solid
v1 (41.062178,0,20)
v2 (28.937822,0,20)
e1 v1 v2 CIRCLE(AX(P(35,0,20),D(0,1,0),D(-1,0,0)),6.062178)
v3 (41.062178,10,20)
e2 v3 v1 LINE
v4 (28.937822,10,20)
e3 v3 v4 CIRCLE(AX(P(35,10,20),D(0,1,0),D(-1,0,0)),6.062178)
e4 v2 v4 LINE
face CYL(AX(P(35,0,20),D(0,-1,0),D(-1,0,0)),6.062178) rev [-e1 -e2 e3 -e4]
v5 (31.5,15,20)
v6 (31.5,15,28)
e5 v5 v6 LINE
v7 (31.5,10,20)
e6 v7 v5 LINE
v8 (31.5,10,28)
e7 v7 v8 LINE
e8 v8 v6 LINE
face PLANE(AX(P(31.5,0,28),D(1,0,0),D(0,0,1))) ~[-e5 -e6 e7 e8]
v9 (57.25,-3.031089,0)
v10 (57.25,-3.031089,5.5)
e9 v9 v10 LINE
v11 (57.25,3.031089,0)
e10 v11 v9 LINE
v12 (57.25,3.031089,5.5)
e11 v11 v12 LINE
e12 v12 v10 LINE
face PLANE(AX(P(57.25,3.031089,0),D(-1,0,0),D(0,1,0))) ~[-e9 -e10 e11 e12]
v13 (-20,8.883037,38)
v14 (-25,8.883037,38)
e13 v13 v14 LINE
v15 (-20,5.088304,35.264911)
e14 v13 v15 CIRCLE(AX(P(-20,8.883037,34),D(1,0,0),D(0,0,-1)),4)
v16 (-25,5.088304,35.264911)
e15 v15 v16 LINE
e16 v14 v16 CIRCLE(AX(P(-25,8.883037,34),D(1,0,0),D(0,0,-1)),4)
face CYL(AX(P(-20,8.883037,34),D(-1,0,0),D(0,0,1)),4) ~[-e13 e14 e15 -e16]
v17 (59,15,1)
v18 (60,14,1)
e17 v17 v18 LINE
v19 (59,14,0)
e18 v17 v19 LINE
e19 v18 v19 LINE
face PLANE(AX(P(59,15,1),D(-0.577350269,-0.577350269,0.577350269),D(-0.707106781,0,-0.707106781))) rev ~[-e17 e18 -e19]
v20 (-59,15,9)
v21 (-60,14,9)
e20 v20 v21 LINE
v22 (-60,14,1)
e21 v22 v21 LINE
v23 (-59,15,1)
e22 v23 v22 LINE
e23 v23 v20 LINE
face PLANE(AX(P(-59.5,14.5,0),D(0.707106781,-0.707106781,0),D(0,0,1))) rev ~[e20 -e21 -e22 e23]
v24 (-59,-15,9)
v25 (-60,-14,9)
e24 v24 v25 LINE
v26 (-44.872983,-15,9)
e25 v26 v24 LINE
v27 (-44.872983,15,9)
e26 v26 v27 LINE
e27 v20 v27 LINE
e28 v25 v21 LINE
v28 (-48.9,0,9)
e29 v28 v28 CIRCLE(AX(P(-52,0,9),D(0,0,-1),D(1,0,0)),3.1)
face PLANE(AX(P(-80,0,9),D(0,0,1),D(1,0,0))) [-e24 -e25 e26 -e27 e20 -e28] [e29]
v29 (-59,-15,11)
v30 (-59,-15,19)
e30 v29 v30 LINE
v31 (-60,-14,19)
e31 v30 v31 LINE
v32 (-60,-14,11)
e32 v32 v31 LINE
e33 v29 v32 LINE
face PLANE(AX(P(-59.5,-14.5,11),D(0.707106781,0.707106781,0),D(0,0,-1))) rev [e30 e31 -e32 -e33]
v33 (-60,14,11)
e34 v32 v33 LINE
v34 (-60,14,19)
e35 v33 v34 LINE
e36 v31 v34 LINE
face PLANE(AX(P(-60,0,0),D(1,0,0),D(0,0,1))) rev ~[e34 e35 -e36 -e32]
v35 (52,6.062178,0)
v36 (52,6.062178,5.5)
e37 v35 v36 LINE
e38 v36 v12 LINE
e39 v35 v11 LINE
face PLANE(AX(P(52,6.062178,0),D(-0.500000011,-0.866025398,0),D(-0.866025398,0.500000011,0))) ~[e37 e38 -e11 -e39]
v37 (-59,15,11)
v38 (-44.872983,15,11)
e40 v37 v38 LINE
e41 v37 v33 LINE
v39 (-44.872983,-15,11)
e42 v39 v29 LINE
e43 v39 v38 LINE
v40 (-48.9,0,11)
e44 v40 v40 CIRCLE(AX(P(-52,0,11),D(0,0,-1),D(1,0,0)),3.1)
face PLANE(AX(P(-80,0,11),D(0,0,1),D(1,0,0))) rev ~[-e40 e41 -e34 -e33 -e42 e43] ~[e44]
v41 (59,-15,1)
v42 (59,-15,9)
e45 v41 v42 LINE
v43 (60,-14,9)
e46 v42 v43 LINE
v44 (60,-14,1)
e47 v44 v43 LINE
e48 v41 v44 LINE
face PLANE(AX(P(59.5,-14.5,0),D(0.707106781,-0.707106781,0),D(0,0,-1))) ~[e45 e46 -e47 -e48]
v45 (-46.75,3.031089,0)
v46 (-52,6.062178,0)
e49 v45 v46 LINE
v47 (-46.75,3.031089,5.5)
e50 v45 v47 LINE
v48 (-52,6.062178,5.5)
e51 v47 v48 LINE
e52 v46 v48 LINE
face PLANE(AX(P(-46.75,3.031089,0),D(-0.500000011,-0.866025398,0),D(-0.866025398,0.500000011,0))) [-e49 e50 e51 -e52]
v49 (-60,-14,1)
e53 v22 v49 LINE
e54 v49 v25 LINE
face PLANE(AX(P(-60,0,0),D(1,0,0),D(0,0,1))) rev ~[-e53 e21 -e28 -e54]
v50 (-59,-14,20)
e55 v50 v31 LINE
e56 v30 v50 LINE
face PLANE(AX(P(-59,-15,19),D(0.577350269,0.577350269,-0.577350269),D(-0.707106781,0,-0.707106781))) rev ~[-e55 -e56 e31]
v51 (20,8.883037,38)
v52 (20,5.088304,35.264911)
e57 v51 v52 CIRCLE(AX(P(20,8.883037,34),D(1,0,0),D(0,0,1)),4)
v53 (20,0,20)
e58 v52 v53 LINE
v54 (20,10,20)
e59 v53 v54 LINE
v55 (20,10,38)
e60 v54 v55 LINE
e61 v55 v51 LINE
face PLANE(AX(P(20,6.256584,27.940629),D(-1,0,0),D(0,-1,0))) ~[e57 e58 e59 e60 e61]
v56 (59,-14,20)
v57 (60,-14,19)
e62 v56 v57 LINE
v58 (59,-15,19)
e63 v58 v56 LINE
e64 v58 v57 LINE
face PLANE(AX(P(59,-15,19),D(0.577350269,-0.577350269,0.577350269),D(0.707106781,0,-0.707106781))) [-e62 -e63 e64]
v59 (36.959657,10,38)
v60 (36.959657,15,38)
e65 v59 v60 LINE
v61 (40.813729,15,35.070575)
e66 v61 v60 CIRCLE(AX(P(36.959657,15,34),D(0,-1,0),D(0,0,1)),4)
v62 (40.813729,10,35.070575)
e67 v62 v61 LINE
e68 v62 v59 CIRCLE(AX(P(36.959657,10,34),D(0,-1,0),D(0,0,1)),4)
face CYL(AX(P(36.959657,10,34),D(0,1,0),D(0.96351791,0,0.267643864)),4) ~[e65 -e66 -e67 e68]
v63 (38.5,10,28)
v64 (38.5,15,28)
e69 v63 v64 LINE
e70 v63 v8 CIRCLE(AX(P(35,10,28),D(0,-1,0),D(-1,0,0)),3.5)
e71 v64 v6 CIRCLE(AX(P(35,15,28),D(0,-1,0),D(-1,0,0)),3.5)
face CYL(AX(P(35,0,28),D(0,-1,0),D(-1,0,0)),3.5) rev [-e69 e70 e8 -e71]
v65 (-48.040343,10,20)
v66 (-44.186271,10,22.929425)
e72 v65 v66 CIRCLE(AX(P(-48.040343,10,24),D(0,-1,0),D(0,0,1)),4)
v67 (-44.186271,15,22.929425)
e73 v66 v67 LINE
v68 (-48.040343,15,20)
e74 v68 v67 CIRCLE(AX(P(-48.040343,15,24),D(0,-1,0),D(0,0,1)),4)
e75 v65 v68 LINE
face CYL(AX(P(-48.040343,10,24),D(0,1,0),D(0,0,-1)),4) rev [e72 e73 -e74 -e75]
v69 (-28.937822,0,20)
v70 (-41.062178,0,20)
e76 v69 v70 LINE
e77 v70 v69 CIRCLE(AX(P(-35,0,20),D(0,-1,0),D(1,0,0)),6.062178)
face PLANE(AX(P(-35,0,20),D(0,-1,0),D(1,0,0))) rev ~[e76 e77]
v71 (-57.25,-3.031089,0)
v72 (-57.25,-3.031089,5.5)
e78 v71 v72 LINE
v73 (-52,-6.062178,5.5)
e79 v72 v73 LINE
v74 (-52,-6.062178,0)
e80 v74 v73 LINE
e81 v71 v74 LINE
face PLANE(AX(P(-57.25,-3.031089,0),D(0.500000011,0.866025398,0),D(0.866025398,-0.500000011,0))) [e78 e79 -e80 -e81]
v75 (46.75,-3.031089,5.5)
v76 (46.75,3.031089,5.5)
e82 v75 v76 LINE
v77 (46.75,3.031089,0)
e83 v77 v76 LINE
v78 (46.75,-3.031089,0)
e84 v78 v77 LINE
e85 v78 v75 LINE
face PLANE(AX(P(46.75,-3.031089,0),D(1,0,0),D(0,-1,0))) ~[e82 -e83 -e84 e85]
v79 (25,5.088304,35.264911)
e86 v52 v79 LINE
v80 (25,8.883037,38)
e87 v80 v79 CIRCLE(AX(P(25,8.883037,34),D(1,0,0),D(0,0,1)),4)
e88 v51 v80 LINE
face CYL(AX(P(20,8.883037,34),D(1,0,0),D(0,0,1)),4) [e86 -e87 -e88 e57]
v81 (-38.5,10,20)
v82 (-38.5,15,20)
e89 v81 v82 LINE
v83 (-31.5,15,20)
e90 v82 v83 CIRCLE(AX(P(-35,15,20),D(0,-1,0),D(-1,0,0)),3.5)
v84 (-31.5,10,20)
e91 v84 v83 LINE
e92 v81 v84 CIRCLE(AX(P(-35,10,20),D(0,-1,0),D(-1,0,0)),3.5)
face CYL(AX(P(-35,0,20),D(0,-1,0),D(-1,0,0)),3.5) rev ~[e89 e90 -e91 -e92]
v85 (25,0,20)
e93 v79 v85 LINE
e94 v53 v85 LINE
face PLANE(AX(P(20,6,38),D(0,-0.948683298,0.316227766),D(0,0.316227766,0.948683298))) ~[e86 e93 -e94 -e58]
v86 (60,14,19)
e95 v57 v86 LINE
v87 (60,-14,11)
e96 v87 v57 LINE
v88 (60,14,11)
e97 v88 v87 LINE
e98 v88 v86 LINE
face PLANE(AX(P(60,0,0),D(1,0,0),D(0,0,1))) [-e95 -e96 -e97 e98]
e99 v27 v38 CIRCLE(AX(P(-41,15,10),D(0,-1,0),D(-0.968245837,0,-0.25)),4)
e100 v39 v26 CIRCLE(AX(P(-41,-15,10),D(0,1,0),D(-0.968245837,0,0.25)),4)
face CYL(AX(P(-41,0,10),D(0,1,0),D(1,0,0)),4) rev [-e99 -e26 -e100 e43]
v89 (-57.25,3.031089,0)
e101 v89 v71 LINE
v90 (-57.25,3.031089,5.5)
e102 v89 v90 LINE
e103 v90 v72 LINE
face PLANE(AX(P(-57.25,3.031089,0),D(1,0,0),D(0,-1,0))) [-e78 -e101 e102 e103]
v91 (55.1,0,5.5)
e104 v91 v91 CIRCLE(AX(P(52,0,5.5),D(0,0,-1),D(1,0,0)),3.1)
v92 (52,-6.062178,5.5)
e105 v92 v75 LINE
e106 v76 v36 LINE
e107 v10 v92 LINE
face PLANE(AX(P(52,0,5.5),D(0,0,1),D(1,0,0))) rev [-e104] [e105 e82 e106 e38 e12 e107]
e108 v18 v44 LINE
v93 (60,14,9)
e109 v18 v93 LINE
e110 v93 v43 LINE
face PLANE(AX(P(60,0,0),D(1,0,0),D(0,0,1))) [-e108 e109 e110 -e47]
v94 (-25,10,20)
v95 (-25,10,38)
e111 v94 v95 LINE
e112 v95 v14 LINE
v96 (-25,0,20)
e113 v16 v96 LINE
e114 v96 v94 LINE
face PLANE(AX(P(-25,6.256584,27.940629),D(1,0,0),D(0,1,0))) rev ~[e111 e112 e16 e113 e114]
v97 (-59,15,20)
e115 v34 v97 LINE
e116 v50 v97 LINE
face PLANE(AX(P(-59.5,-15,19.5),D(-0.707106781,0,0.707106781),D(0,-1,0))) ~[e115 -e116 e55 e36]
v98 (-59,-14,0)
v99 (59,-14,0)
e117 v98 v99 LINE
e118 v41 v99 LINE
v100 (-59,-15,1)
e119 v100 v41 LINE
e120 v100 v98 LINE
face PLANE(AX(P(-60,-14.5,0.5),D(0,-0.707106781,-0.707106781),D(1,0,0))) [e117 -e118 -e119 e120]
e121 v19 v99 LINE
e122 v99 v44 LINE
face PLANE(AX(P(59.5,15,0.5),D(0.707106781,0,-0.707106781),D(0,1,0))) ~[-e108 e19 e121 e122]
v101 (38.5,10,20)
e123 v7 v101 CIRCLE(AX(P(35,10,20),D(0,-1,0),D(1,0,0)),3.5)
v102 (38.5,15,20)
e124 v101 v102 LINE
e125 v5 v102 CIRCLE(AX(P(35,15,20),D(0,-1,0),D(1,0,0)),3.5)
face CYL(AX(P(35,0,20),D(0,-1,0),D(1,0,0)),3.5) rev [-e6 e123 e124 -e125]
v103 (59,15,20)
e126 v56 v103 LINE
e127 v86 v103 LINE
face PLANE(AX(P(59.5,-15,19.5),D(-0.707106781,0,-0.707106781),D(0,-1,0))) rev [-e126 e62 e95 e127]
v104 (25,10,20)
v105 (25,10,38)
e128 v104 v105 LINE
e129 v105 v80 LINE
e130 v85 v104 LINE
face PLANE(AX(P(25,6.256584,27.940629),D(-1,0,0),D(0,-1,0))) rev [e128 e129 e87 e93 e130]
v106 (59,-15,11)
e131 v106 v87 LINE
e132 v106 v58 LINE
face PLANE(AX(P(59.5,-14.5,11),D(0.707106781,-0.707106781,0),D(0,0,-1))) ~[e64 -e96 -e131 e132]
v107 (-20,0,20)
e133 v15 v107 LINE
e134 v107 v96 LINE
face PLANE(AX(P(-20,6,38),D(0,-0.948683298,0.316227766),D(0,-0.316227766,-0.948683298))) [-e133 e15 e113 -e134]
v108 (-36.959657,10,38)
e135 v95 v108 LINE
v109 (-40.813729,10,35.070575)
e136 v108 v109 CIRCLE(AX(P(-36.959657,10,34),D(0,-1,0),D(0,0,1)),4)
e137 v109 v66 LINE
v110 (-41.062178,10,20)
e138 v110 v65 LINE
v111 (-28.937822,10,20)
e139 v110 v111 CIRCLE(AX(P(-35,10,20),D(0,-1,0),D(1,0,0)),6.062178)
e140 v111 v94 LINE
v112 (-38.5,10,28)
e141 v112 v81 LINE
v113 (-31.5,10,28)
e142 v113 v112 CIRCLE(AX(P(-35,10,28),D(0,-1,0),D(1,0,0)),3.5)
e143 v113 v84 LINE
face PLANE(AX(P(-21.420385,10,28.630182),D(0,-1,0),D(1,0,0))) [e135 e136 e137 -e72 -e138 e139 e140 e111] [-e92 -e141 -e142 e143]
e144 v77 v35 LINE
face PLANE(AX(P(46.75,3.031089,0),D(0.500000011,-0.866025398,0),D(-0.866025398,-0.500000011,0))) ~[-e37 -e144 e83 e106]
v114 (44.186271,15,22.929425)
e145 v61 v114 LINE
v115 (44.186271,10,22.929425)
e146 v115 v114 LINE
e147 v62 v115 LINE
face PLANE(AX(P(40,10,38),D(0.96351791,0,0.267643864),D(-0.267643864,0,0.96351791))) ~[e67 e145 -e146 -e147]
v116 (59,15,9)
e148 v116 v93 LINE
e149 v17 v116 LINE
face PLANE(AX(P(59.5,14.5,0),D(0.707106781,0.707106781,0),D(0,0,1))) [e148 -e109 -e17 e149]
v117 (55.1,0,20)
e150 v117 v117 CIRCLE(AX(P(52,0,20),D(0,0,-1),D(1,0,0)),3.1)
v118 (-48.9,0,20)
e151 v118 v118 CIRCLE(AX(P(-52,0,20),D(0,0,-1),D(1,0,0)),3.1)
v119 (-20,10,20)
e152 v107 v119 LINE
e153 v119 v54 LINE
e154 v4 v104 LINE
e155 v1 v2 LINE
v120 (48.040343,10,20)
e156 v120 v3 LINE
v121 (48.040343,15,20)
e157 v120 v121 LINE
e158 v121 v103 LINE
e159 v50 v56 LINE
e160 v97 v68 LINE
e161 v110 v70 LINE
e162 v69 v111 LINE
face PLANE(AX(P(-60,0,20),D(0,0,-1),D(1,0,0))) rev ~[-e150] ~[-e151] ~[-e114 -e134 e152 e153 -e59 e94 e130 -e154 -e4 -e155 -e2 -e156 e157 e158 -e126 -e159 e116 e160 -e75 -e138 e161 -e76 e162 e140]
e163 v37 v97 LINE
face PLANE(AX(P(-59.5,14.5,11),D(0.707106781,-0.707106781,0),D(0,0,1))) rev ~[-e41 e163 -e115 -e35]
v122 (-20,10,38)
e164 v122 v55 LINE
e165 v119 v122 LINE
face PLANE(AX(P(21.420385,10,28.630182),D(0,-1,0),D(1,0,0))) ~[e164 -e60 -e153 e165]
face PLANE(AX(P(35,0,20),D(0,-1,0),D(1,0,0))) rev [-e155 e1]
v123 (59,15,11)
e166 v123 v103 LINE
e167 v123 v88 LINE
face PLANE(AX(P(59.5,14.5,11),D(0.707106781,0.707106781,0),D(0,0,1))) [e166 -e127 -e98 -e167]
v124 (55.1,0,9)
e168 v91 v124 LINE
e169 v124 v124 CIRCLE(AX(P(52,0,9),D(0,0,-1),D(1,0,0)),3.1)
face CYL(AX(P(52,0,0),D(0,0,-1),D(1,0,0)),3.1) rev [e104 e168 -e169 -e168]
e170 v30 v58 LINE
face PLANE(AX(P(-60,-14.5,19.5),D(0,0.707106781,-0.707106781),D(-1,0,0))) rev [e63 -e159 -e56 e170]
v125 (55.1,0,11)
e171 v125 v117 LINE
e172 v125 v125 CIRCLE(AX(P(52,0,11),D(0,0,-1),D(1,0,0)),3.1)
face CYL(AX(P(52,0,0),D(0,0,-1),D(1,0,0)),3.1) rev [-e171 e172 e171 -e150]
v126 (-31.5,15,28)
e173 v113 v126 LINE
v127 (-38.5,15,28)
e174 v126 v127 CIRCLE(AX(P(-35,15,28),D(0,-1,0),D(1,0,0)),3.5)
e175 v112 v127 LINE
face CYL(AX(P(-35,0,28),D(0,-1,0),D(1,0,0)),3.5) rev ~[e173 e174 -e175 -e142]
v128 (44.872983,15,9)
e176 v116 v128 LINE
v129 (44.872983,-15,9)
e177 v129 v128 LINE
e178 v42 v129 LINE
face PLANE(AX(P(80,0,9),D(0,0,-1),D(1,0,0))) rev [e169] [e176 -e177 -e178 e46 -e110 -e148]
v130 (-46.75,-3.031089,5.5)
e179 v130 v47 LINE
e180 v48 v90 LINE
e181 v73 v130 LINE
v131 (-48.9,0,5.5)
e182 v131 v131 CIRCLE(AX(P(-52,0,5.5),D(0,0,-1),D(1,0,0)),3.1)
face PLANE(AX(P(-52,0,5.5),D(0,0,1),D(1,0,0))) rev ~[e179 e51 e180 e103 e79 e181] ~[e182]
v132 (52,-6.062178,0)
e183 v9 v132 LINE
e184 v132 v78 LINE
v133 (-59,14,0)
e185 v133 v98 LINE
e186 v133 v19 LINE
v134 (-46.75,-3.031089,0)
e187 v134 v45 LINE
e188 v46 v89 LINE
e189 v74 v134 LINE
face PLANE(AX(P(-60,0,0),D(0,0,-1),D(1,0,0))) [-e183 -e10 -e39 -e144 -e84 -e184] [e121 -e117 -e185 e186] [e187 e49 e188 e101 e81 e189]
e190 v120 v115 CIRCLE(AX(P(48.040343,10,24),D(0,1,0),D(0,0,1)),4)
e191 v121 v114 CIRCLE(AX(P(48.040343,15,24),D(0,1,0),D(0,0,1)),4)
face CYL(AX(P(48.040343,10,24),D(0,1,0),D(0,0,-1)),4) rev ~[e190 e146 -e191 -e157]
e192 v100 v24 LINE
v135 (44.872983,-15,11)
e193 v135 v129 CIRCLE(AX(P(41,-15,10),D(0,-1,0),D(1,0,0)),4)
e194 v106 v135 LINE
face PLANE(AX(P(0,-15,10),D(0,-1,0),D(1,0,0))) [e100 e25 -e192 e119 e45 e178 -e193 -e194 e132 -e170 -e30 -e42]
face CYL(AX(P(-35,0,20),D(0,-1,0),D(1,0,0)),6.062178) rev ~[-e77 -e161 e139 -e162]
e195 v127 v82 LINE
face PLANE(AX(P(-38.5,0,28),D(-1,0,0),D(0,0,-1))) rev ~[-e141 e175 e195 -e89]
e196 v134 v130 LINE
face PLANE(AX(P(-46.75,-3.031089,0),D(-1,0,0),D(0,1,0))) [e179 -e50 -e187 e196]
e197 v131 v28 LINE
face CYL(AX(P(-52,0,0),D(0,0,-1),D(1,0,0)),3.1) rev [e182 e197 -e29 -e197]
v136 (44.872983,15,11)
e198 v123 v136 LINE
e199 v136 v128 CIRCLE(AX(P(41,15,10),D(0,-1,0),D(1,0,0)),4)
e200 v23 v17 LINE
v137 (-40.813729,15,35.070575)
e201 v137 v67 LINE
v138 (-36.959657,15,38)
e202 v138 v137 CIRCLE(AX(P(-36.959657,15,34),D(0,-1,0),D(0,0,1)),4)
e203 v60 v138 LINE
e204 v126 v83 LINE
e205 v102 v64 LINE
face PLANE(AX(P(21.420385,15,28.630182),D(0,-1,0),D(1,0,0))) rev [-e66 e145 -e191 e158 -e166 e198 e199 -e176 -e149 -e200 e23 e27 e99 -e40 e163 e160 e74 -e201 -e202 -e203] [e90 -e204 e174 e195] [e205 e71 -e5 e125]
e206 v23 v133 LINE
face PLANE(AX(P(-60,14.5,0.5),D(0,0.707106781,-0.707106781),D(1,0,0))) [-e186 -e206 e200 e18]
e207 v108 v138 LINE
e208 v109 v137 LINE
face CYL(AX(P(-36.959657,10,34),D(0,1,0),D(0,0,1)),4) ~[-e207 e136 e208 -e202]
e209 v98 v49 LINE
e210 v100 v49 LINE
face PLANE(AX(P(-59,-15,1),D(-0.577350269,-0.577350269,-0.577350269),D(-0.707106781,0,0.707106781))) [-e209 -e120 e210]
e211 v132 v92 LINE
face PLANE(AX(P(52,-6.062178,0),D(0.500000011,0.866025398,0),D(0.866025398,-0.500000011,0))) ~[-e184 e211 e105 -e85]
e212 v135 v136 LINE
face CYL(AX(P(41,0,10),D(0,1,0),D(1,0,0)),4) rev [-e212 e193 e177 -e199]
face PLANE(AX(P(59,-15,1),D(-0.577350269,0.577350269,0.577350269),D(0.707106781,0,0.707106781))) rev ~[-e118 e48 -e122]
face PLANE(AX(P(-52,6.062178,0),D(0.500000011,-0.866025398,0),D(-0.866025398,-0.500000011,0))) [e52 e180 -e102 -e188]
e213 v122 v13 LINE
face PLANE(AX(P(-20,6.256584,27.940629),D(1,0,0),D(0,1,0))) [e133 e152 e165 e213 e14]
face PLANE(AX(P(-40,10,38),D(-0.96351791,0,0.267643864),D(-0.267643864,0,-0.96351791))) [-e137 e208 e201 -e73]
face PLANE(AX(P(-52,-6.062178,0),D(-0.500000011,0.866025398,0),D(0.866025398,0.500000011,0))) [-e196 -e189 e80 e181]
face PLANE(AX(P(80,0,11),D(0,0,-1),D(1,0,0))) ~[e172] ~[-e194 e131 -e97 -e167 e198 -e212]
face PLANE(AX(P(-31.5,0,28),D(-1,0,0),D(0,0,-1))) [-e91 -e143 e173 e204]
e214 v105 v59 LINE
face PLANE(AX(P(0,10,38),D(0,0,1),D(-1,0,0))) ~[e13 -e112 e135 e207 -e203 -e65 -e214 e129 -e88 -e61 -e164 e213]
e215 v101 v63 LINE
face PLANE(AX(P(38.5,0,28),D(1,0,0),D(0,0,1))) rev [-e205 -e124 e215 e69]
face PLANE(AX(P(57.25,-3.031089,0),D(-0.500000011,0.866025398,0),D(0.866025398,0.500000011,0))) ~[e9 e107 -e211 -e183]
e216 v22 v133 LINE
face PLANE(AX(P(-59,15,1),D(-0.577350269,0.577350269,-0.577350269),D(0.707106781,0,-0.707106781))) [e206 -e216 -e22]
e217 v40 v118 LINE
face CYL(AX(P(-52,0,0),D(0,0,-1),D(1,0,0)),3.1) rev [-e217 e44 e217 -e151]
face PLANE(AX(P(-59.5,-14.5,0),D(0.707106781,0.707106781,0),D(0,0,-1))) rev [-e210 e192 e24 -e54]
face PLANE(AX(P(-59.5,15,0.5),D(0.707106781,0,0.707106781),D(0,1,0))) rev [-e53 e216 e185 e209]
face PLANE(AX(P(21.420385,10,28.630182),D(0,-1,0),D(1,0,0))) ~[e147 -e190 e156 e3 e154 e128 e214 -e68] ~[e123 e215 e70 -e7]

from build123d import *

# Parameters (mm, degrees)
SKETCH_W          = 120
SKETCH_H          = 20
SKETCH_R          = 4
PAD_DEPTH         = 15
SKETCH001_W       = 40
SKETCH001_H       = 2
POCKET_DEPTH      = 265.600282
POCKET_DEPTH_BACK = 265.600282
SKETCH002_R       = 3.1
HOLE_DEPTH        = 20.001
POCKET001_DEPTH   = 5.5
PAD001_START      = -10
PAD001_DEPTH      = 5
SKETCH006_R       = 6.062178
POCKET002_DEPTH   = 10
POCKET003_DEPTH   = 273.798218
PAD002_START      = -20
PAD002_DEPTH      = 5
CHAMFER_SIZE      = 1
FILLET_R          = 4


with BuildPart() as part:
    # Sketch → Pad (new body, symmetric)
    with BuildSketch(Plane.XZ):
        with Locations((0, 10)):
            Rectangle(SKETCH_W, SKETCH_H)
        with Locations((-41, 10)):
            Circle(SKETCH_R, mode=Mode.SUBTRACT)
        with Locations((41, 10)):
            Circle(SKETCH_R, mode=Mode.SUBTRACT)
    extrude(amount=PAD_DEPTH, both=True)

    # Sketch001 → Pocket (cut, two sides)
    with BuildSketch(Plane.XZ) as pocket_sk:
        with Locations((-60, 10)):
            Rectangle(SKETCH001_W, SKETCH001_H)
    pocket = extrude(amount=-POCKET_DEPTH, mode=Mode.SUBTRACT) + extrude(pocket_sk.sketch, amount=POCKET_DEPTH_BACK, mode=Mode.SUBTRACT)

    # Mirrored: Pocket across Sketch001 V_Axis
    add(pocket.mirror(Plane(origin=(0, 0, 0), x_dir=(0, -1, 0), z_dir=(1, 0, 0))), mode=Mode.SUBTRACT)

    # Sketch002 → Hole (cut, through all)
    with BuildSketch(Plane.XY):
        with Locations((-52, 0)):
            Circle(SKETCH002_R)
        with Locations((52, 0)):
            Circle(SKETCH002_R)
    extrude(amount=HOLE_DEPTH, mode=Mode.SUBTRACT)

    # Sketch003 → Pocket001 (cut)
    with BuildSketch(Plane.XY):
        Polygon((-46.75, 3.031089), (-52, 6.062178), (-57.25, 3.031089), (-57.25, -3.031089), (-52, -6.062178), (-46.75, -3.031089), align=None)
    pocket001 = extrude(amount=POCKET001_DEPTH, mode=Mode.SUBTRACT)

    # Mirrored001: Pocket001 across Sketch003 V_Axis
    add(pocket001.mirror(Plane(origin=(0, 0, 0), x_dir=(0, 0, 1), z_dir=(1, 0, 0))), mode=Mode.SUBTRACT)

    # Sketch005 → Pad001 (join)
    with BuildSketch(Plane.XZ.offset(PAD001_START)):
        Polygon((0, 38), (-40, 38), (-45, 20), (0, 20), align=None)
    pad001 = extrude(amount=-PAD001_DEPTH)

    # Sketch006 → Pocket002 (cut)
    with BuildSketch(Plane.XZ):
        with Locations((-35, 20)):
            Circle(SKETCH006_R)
    pocket002 = extrude(amount=-POCKET002_DEPTH, mode=Mode.SUBTRACT)

    # Sketch004 → Pocket003 (cut, through all)
    with BuildSketch(Plane.XZ):
        with BuildLine():
            ThreePointArc((-31.5, 28), (-35, 31.5), (-38.5, 28))
            Line((-38.5, 28), (-38.5, 20))
            ThreePointArc((-38.5, 20), (-35, 16.5), (-31.5, 20))
            Line((-31.5, 28), (-31.5, 20))
        make_face()
    pocket003 = extrude(amount=-POCKET003_DEPTH, mode=Mode.SUBTRACT)

    # Sketch007 → Pad002 (join)
    with BuildSketch(Plane.YZ.offset(PAD002_START)):
        Polygon((10, 38), (6, 38), (0, 20), (10, 20), align=None)
    pad002 = extrude(amount=-PAD002_DEPTH)

    # Mirrored002: Pad002, Pad001, Pocket002, Pocket003 across YZ
    add(pad002.mirror(Plane.YZ))
    add(pad001.mirror(Plane.YZ))
    add(pocket002.mirror(Plane.YZ), mode=Mode.SUBTRACT)
    add(pocket003.mirror(Plane.YZ), mode=Mode.SUBTRACT)

    # Chamfer
    chamfer_edges = [part.edges().sort_by_distance(p)[0] for p in [
        (60, 0, 20),
        (60, 0, 0),
        (-60, 0, 20),
        (-60, 0, 0),
        (0, -15, 20),
        (0, -15, 0),
        (-60, -15, 15.5),
        (-60, -15, 4.5),
        (-60, 15, 4.5),
        (-60, 15, 15.5),
        (60, -15, 15.5),
        (60, -15, 4.5),
        (60, 15, 15.5),
        (60, 15, 4.5),
        (0, 15, 0),
    ]]
    chamfer(chamfer_edges, length=CHAMFER_SIZE)

    # Fillet
    fillet_edges = [part.edges().sort_by_distance(p)[0] for p in [
        (45, 12.5, 20),
        (40, 12.5, 38),
        (-40, 12.5, 38),
        (-45, 12.5, 20),
        (22.5, 6, 38),
        (-22.5, 6, 38),
    ]]
    fillet(fillet_edges, radius=FILLET_R)


solid = part.part
